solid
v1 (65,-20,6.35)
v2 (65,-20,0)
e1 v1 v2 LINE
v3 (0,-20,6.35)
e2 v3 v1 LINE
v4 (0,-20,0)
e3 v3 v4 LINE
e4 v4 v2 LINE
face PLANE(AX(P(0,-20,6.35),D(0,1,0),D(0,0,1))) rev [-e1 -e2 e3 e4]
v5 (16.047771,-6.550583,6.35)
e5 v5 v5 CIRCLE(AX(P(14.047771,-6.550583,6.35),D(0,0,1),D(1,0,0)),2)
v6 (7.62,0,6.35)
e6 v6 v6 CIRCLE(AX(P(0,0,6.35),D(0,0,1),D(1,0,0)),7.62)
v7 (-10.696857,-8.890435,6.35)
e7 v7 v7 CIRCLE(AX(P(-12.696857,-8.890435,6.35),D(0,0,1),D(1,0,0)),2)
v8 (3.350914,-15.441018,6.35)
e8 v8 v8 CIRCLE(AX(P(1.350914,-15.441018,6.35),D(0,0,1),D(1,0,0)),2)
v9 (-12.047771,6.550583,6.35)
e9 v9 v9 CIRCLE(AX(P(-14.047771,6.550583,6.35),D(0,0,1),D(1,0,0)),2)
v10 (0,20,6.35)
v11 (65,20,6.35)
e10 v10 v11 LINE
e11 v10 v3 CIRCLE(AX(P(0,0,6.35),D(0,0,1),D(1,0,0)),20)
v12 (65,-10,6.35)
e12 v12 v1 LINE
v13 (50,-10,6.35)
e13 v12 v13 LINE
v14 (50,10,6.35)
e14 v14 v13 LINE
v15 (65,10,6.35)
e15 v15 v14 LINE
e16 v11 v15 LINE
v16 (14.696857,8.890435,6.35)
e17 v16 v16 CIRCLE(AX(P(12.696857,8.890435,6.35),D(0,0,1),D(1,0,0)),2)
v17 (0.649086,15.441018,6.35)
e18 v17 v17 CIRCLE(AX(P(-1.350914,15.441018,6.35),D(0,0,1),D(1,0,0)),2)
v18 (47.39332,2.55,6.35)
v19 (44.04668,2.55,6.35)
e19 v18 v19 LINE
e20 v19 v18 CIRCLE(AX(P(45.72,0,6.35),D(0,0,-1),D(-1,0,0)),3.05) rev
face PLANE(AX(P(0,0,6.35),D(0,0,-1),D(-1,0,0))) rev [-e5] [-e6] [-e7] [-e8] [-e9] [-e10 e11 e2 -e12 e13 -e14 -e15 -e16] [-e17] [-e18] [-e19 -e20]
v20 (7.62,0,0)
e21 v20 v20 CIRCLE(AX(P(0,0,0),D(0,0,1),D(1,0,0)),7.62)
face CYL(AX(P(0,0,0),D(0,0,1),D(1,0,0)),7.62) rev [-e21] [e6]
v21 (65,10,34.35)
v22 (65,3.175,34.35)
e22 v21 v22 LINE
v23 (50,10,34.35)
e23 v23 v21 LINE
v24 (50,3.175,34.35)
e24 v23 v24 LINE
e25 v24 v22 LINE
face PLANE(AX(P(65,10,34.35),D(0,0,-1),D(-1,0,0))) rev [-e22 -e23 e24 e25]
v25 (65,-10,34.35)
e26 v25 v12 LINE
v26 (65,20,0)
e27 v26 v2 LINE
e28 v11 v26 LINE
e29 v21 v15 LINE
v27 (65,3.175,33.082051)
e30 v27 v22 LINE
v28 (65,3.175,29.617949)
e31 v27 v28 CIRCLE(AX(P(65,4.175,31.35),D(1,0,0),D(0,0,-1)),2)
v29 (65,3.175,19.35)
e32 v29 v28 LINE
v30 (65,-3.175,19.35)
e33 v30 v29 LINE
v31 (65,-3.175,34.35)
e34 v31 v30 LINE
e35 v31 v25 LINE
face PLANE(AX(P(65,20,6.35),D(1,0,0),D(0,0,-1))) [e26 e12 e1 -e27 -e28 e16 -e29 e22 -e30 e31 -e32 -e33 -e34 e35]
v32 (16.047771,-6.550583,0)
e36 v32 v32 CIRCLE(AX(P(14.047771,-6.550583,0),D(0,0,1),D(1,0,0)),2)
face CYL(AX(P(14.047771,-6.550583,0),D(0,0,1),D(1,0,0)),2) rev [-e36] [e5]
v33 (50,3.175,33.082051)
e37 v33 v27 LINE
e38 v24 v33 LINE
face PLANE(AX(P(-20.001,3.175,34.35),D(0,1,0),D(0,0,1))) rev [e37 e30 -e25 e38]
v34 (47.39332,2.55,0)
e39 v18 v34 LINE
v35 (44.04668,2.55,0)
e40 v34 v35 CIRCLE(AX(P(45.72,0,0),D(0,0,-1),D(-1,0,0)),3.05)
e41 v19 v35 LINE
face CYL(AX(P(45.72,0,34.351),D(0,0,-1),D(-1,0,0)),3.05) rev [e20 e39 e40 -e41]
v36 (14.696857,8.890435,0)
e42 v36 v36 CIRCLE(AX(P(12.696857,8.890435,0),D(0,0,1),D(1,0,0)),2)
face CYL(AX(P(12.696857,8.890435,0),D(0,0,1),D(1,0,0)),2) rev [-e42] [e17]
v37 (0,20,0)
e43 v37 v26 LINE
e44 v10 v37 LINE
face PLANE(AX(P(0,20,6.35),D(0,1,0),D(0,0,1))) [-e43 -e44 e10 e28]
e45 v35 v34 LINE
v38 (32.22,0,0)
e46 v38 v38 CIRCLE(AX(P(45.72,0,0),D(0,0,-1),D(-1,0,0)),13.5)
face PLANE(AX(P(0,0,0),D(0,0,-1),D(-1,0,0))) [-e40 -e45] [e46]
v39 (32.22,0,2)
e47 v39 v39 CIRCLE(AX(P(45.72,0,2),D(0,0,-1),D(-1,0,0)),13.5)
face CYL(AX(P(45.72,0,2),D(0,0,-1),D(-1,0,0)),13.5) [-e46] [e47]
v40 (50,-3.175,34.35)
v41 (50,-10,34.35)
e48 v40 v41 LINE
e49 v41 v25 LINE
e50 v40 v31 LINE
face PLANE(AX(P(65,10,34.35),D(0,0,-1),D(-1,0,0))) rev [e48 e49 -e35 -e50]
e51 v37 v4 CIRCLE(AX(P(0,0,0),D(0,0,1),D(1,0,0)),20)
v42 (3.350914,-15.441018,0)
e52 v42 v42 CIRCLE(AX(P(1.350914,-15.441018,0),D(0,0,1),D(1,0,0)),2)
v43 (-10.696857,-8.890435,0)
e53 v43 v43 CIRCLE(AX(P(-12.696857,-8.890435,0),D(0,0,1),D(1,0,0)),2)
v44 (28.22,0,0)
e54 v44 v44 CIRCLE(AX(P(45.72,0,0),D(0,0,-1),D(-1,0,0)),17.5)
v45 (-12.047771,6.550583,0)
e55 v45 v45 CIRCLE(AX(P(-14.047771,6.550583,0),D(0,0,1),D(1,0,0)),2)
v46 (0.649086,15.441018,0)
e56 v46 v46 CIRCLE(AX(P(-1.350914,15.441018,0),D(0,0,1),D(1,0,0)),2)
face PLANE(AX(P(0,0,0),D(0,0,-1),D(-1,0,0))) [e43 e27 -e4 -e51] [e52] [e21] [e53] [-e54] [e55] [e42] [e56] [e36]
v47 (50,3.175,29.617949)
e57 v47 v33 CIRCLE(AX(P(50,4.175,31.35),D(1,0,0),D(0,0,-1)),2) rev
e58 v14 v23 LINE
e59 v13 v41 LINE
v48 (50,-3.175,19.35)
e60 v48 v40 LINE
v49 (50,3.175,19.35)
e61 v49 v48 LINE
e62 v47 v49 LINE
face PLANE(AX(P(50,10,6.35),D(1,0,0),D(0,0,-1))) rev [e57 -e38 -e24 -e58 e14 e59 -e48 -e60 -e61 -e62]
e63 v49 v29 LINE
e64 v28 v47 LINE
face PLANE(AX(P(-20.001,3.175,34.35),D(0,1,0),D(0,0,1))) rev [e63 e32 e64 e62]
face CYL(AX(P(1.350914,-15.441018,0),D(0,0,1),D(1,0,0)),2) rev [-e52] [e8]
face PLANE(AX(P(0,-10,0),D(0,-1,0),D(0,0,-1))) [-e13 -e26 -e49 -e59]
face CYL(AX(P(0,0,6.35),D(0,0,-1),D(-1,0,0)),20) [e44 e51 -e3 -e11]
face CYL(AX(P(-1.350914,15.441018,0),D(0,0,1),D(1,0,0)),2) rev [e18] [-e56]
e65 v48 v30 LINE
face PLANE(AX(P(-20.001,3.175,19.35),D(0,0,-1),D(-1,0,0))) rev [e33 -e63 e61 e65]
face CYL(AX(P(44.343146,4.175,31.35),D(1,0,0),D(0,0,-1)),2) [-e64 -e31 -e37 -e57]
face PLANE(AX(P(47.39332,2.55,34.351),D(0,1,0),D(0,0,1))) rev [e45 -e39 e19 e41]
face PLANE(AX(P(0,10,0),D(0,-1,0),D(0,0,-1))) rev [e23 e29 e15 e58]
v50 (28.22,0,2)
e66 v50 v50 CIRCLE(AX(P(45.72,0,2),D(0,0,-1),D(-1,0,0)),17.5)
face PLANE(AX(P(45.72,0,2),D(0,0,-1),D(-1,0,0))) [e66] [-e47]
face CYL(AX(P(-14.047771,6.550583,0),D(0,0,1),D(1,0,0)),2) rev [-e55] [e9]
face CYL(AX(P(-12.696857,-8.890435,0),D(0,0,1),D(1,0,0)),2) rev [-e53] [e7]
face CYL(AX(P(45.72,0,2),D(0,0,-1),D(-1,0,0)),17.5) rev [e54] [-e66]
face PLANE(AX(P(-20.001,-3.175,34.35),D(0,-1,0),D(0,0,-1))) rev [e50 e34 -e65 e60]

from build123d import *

# Parameters (mm, degrees)
SKETCH1_R           = 20
SKETCH1_W           = 65
SKETCH1_H           = 40
BOSS_EXTRUDE1_DEPTH = 6.35
SKETCH2_R           = 7.62
SKETCH2_R_2         = 2
CUT_EXTRUDE1_DEPTH  = 69.303166105
SKETCH4_W           = 15
SKETCH4_H           = 28
BOSS_EXTRUDE2_DEPTH = 10
CUT_EXTRUDE2_REACH  = 95.835
SKETCH5_W           = 15
SKETCH5_H           = 6.35
CUT_EXTRUDE3_REACH  = 78.19
SKETCH7_R           = 17.5
SKETCH7_R_2         = 13.5
CUT_EXTRUDE4_DEPTH  = 2
SKETCH8_R           = 2
BOSS_EXTRUDE3_DEPTH = 15


with BuildPart() as part:
    # Sketch1 → Boss-Extrude1 (new body)
    with BuildSketch(Plane.XY):
        Circle(SKETCH1_R)
        with Locations((32.5, 0)):
            Rectangle(SKETCH1_W, SKETCH1_H)
    extrude(amount=BOSS_EXTRUDE1_DEPTH)

    # Sketch2 → Cut-Extrude1 (cut, through all)
    with BuildSketch(Plane.XY.offset(6.35)):
        Circle(SKETCH2_R)
        with Locations((-1.350914013, 15.44101782)):
            Circle(SKETCH2_R_2)
        with Locations((12.696856686, 8.890434763)):
            Circle(SKETCH2_R_2)
        with Locations((14.047770699, -6.550583057)):
            Circle(SKETCH2_R_2)
        with Locations((1.350914013, -15.44101782)):
            Circle(SKETCH2_R_2)
        with Locations((-12.696856686, -8.890434763)):
            Circle(SKETCH2_R_2)
        with Locations((-14.047770699, 6.550583057)):
            Circle(SKETCH2_R_2)
    extrude(amount=-CUT_EXTRUDE1_DEPTH, mode=Mode.SUBTRACT)

    # Sketch4 → Boss-Extrude2 (add, symmetric)
    with BuildSketch(Plane(origin=(0, 0, 0), x_dir=(1, 0, 0), z_dir=(0, 1, 0))):
        with Locations((57.5, -20.35)):
            Rectangle(SKETCH4_W, SKETCH4_H)
    extrude(amount=BOSS_EXTRUDE2_DEPTH, both=True)

    # Sketch5 → Cut-Extrude2 (cut, up to next)
    with BuildSketch(Plane(origin=(65, 0, 0), x_dir=(0, 0, -1), z_dir=(1, 0, 0)), mode=Mode.PRIVATE) as cut_extrude2_sk1:
        with Locations((-26.85, 0)):
            Rectangle(SKETCH5_W, SKETCH5_H)
    cut_extrude2_tool1 = extrude(cut_extrude2_sk1.sketch, amount=-CUT_EXTRUDE2_REACH, mode=Mode.PRIVATE) & part.part
    add(cut_extrude2_tool1.solids().sort_by_distance((65, 0, 26.85))[0], mode=Mode.SUBTRACT)

    # Sketch6 → Cut-Extrude3 (cut, up to next)
    with BuildSketch(Plane(origin=(0, 0, 0), x_dir=(-1, 0, 0), z_dir=(0, 0, -1)), mode=Mode.PRIVATE) as cut_extrude3_sk1:
        with BuildLine():
            Line((-47.393320053, 2.55), (-44.046679947, 2.55))
            ThreePointArc((-44.046679947, 2.55), (-45.72, -3.05), (-47.393320053, 2.55))
        make_face()
    cut_extrude3_tool1 = extrude(cut_extrude3_sk1.sketch, amount=-CUT_EXTRUDE3_REACH, mode=Mode.PRIVATE) & part.part
    add(cut_extrude3_tool1.solids().sort_by_distance((45.72, -0.111199, 0))[0], mode=Mode.SUBTRACT)

    # Sketch7 → Cut-Extrude4 (cut)
    with BuildSketch(Plane(origin=(0, 0, 0), x_dir=(-1, 0, 0), z_dir=(0, 0, -1))):
        with Locations((-45.72, 0)):
            Circle(SKETCH7_R)
        with Locations((-45.72, 0)):
            Circle(SKETCH7_R_2, mode=Mode.SUBTRACT)
    extrude(amount=-CUT_EXTRUDE4_DEPTH, mode=Mode.SUBTRACT)

    # Sketch8 → Boss-Extrude3 (add)
    with BuildSketch(Plane(origin=(65, 0, 0), x_dir=(0, 0, -1), z_dir=(1, 0, 0))):
        with Locations((-31.35, 4.175)):
            Circle(SKETCH8_R)
    extrude(amount=-BOSS_EXTRUDE3_DEPTH)


solid = part.part
